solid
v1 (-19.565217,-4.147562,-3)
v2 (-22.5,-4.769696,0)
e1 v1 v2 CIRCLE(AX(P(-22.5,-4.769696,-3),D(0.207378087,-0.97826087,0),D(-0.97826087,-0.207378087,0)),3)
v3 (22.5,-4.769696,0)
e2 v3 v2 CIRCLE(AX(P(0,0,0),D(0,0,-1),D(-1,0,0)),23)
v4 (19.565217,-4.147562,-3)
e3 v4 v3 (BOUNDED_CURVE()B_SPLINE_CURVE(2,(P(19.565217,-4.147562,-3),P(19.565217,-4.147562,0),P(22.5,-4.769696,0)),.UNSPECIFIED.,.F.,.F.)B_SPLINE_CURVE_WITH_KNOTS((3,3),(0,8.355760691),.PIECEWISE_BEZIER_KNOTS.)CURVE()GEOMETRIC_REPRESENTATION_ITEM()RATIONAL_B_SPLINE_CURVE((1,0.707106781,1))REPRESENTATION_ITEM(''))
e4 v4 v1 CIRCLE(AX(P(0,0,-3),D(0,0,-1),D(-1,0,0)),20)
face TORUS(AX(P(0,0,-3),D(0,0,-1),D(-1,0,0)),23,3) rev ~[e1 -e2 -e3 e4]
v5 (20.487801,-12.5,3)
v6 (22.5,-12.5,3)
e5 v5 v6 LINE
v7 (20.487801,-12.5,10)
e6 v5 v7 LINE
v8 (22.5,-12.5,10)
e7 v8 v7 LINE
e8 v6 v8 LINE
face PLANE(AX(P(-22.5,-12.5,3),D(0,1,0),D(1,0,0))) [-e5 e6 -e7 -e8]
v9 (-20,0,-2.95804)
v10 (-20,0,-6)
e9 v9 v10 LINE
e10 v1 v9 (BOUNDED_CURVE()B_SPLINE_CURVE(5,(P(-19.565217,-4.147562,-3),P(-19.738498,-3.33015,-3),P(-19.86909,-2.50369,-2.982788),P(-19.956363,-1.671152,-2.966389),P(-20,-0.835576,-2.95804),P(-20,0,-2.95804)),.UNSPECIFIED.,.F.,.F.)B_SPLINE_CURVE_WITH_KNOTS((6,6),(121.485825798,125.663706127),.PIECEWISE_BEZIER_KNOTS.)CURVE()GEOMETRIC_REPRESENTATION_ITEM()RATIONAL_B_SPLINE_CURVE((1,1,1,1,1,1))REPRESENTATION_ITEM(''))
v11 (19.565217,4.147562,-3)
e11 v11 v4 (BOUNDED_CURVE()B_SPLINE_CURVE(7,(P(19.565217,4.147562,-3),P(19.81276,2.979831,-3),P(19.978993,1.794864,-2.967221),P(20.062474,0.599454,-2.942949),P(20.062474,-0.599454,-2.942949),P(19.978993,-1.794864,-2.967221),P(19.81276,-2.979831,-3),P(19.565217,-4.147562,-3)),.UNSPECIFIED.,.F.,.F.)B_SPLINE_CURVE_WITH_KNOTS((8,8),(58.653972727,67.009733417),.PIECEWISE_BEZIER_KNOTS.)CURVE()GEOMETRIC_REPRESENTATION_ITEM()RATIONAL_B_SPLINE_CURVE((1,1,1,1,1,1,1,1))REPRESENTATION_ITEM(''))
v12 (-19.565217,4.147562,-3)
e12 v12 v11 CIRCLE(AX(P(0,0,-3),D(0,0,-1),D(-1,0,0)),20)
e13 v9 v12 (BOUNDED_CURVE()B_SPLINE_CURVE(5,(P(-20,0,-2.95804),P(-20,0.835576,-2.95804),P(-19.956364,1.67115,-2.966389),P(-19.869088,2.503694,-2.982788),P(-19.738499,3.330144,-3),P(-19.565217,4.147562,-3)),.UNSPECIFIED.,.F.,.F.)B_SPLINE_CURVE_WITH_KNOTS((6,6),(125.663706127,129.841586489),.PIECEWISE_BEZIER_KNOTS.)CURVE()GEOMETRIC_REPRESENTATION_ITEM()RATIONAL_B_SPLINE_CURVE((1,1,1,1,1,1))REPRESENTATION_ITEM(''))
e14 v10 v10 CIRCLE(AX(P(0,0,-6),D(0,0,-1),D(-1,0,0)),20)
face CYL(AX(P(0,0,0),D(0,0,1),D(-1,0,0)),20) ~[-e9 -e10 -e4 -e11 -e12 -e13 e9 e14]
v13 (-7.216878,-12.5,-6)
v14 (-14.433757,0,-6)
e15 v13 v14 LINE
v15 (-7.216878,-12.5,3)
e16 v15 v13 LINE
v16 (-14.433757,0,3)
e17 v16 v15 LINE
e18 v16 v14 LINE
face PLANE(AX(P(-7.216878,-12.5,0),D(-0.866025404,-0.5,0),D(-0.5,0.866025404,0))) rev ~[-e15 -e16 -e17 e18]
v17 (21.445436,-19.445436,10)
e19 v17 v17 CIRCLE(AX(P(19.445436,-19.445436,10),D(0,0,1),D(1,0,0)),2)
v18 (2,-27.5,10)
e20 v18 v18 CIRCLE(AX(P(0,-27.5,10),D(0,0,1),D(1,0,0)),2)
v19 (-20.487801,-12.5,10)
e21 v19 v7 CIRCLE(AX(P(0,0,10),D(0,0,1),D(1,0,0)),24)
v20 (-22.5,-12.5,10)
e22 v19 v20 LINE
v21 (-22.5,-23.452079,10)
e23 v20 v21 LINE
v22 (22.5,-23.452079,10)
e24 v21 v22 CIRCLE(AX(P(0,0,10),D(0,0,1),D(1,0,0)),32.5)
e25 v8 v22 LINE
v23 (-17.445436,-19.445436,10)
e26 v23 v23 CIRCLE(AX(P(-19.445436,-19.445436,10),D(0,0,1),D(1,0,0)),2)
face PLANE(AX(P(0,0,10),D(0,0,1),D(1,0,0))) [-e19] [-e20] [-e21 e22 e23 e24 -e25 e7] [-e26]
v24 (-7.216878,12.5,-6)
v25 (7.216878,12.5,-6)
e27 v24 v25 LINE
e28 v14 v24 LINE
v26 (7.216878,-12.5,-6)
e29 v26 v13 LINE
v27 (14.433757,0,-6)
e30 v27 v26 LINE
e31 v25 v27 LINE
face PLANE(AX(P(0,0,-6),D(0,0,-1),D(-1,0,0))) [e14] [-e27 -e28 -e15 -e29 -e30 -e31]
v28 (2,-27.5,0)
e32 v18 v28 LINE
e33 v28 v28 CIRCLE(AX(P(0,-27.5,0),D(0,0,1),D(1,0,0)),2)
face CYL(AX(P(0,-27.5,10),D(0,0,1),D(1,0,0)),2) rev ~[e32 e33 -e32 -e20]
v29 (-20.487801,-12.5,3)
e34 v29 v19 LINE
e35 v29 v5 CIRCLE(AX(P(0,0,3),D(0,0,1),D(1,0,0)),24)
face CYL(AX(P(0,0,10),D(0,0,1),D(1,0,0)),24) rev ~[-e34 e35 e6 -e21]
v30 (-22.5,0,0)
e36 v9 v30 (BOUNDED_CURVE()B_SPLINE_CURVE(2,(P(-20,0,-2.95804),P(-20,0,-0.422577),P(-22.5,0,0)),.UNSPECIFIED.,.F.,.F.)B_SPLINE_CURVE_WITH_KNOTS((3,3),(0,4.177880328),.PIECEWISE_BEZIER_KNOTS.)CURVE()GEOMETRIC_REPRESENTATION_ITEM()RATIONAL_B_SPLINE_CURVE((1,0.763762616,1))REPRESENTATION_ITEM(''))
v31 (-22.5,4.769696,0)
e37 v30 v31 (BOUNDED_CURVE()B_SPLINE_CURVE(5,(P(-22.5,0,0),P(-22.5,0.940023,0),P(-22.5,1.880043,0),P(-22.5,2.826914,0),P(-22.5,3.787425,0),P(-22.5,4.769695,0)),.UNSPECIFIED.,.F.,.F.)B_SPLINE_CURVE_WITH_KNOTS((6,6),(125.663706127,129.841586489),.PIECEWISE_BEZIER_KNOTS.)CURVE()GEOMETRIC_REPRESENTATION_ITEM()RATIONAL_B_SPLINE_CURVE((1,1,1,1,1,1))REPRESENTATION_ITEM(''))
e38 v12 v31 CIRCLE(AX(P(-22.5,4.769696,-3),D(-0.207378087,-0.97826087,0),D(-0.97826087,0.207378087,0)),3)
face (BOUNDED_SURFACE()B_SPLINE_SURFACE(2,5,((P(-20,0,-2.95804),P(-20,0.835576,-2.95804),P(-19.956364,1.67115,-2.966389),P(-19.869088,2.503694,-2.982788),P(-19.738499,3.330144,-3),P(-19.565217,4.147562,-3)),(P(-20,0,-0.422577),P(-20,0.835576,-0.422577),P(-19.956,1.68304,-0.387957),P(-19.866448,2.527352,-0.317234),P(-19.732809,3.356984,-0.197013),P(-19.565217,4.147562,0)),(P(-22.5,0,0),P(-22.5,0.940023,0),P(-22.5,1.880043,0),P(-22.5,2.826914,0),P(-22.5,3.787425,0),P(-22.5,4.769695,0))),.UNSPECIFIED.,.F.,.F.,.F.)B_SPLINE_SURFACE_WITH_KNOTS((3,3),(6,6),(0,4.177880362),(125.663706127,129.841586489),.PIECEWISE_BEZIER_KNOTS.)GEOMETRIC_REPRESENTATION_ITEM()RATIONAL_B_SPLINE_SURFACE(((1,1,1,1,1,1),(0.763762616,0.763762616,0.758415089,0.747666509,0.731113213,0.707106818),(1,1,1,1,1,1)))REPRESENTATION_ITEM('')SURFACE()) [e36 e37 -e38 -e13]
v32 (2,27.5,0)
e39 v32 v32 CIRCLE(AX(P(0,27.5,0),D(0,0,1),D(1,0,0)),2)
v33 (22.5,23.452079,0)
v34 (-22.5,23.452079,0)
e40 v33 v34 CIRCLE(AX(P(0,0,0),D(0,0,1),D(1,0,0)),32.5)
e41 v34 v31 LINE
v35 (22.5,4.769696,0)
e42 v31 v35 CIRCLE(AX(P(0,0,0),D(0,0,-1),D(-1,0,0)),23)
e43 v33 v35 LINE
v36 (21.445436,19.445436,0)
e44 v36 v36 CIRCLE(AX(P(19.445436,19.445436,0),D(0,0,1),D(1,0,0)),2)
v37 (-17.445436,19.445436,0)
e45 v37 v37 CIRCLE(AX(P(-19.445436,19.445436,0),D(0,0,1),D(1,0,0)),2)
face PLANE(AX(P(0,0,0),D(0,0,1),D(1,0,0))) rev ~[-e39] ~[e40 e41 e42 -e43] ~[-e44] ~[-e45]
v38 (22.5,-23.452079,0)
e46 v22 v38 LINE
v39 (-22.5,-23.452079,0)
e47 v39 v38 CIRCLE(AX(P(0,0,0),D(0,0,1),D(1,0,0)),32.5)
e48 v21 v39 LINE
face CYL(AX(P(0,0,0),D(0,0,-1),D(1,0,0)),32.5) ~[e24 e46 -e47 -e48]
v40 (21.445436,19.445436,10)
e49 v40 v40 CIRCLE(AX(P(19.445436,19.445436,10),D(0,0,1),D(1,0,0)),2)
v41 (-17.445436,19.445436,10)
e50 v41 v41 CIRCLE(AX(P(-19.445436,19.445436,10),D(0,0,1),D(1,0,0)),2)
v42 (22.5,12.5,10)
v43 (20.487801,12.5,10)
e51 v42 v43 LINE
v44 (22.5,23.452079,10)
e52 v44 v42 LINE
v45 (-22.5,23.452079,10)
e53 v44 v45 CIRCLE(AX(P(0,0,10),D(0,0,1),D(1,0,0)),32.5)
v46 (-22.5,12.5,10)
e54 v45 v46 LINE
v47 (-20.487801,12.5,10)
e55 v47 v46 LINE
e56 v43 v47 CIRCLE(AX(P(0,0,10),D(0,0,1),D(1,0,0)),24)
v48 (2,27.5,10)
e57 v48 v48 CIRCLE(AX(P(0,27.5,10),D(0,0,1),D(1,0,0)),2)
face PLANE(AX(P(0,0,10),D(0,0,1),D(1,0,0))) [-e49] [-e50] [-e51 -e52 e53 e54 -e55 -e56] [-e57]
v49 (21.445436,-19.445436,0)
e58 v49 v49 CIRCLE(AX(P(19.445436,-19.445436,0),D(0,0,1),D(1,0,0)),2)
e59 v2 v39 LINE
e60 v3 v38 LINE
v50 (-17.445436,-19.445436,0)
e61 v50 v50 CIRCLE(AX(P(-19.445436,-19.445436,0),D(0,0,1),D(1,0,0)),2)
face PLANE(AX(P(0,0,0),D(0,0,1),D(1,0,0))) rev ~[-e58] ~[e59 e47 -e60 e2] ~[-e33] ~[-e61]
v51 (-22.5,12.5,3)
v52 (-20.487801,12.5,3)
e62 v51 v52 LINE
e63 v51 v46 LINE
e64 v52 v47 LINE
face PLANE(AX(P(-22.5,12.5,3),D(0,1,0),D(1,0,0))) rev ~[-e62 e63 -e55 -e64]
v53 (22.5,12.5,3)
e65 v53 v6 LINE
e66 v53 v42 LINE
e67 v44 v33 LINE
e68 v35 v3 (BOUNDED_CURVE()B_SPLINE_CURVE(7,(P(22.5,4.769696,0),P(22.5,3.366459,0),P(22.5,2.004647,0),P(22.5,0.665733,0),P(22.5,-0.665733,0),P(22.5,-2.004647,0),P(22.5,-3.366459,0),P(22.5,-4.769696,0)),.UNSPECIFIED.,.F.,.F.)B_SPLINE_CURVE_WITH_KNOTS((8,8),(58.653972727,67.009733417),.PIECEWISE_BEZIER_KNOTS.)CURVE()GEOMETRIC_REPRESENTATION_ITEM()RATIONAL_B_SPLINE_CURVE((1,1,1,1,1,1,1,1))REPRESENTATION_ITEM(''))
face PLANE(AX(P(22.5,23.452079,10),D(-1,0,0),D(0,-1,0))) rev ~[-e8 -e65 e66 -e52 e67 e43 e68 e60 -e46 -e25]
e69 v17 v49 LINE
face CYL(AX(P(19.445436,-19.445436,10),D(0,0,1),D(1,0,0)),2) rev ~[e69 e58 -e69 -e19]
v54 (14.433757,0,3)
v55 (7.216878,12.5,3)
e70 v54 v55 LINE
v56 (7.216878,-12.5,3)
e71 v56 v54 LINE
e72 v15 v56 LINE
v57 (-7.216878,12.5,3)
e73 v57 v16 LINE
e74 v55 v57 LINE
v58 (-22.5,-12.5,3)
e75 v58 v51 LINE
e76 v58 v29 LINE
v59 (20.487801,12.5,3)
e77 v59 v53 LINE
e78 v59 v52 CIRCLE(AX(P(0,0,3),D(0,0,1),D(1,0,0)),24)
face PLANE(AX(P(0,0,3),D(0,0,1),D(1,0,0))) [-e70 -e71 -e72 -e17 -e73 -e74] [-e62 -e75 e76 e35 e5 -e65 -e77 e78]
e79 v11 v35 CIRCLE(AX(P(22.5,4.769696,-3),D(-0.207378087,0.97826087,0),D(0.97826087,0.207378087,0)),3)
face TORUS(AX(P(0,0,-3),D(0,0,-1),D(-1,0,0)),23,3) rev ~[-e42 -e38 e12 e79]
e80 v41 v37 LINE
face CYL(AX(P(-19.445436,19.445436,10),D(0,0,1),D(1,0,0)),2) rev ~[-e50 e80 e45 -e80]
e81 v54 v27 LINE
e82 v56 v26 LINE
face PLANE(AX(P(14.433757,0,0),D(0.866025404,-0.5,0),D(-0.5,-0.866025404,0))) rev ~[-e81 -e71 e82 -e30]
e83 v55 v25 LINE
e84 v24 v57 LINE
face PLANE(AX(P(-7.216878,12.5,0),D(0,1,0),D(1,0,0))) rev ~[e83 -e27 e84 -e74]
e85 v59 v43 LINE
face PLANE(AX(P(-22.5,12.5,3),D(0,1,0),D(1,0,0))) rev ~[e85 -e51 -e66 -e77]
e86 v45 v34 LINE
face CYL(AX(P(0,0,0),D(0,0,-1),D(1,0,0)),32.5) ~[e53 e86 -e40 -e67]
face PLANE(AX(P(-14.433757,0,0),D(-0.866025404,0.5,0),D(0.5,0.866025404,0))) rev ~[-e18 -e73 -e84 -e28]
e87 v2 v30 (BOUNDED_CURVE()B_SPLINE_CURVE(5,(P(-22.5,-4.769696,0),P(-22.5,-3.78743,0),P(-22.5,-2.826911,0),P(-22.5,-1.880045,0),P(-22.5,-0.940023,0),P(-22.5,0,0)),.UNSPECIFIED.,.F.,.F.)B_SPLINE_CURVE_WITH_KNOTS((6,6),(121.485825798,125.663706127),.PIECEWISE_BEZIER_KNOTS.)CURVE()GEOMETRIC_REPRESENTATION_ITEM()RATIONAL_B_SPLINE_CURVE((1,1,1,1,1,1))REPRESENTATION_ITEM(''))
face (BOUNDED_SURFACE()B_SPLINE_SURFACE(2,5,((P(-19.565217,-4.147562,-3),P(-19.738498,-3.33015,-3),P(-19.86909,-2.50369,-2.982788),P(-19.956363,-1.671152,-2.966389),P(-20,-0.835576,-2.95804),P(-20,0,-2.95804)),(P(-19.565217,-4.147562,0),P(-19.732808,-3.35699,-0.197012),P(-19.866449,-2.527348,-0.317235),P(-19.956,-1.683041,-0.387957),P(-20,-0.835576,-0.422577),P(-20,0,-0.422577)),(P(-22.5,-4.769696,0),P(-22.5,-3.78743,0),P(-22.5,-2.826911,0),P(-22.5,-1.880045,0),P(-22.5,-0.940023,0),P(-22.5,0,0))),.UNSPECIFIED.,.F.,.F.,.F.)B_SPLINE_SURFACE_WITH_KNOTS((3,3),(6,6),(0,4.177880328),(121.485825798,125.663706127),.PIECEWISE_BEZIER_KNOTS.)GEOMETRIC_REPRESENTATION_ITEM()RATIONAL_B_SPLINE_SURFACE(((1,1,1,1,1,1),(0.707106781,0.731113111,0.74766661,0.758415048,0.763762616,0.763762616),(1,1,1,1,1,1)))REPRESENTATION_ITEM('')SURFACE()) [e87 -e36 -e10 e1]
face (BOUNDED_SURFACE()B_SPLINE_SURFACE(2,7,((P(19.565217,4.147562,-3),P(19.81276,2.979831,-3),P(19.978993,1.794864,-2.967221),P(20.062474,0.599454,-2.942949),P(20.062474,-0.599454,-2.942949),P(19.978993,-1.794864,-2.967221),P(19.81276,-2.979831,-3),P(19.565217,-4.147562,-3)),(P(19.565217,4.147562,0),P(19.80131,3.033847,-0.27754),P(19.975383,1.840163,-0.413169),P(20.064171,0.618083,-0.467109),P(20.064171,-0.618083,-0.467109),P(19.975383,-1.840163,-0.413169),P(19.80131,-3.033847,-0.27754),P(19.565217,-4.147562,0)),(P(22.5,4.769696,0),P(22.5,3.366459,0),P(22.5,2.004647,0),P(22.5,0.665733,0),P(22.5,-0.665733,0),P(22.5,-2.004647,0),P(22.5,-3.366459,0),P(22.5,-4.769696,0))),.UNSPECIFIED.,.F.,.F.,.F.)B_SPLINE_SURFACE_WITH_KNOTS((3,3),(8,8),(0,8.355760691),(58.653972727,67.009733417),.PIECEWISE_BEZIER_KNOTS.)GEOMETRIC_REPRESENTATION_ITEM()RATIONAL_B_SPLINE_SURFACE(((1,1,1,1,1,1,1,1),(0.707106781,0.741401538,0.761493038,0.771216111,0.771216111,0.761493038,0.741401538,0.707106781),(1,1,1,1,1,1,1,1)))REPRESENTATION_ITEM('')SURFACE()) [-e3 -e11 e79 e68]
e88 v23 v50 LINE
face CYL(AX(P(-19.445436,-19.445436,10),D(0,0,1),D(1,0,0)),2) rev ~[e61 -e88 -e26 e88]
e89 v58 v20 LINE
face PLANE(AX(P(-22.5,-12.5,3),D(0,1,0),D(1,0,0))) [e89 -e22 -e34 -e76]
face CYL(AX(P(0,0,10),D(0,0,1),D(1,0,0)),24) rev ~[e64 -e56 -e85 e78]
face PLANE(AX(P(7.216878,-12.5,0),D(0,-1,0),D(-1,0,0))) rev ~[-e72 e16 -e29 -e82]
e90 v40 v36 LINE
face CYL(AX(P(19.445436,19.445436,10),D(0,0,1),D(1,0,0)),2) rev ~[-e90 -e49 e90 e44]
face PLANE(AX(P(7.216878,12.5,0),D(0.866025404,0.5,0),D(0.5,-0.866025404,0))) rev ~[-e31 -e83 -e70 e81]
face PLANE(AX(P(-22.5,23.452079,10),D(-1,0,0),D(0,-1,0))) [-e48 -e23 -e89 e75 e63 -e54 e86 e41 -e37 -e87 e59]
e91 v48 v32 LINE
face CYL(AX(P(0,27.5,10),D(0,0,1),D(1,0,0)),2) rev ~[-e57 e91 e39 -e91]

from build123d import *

# Parameters (mm, degrees)
SKETCH1_R           = 32.5
BOSS_EXTRUDE1_DEPTH = 10
CUT_EXTRUDE1_DEPTH  = 5
SKETCH3_R           = 2
CUT_EXTRUDE2_DEPTH  = 11
SKETCH4_R           = 20
BOSS_EXTRUDE2_DEPTH = 6
CUT_EXTRUDE3_DEPTH  = 17
SKETCH6_R           = 24
CUT_EXTRUDE5_DEPTH  = 7
CUT_EXTRUDE6_DEPTH  = 11
SKETCH8_W           = 45
SKETCH8_H           = 25
CUT_EXTRUDE7_DEPTH  = 8
FILLET1_R           = 3


with BuildPart() as part:
    # Sketch1 → Boss-Extrude1 (new body)
    with BuildSketch(Plane.XY):
        Circle(SKETCH1_R)
    extrude(amount=BOSS_EXTRUDE1_DEPTH)

    # Sketch2 → Cut-Extrude1 (cut)
    with BuildSketch(Plane.XY.offset(10)):
        Polygon((14.43375673, 0), (7.216878365, 12.5), (-7.216878365, 12.5), (-14.43375673, 0), (-7.216878365, -12.5), (7.216878365, -12.5), align=None)
    extrude(amount=-CUT_EXTRUDE1_DEPTH, mode=Mode.SUBTRACT)

    # Sketch3 → Cut-Extrude2 (cut, through all)
    with BuildSketch(Plane.XY.offset(10)):
        with Locations((0, 27.5)):
            Circle(SKETCH3_R)
        with Locations((19.445436483, 19.445436483)):
            Circle(SKETCH3_R)
        with Locations((27.5, 0)):
            Circle(SKETCH3_R)
        with Locations((19.445436483, -19.445436483)):
            Circle(SKETCH3_R)
        with Locations((0, -27.5)):
            Circle(SKETCH3_R)
        with Locations((-19.445436483, -19.445436483)):
            Circle(SKETCH3_R)
        with Locations((-27.5, 0)):
            Circle(SKETCH3_R)
        with Locations((-19.445436483, 19.445436483)):
            Circle(SKETCH3_R)
    extrude(amount=-CUT_EXTRUDE2_DEPTH, mode=Mode.SUBTRACT)

    # Sketch4 → Boss-Extrude2 (add)
    with BuildSketch(Plane(origin=(0, 0, 0), x_dir=(-1, 0, 0), z_dir=(0, 0, -1))):
        Circle(SKETCH4_R)
        Polygon((14.43375673, 0), (7.216878365, 12.5), (-7.216878365, 12.5), (-14.43375673, 0), (-7.216878365, -12.5), (7.216878365, -12.5), align=None, mode=Mode.SUBTRACT)
    extrude(amount=BOSS_EXTRUDE2_DEPTH)

    # Sketch5 → Cut-Extrude3 (cut, through all)
    with BuildSketch(Plane.XY.offset(10)):
        with BuildLine():
            Line((22.5, 23.452078799), (22.5, -23.452078799))
            ThreePointArc((22.5, -23.452078799), (32.5, 0), (22.5, 23.452078799))
        make_face()
        with BuildLine():
            Line((-22.5, 23.452078799), (-22.5, -23.452078799))
            ThreePointArc((-22.5, -23.452078799), (-32.5, 0), (-22.5, 23.452078799))
        make_face()
    extrude(amount=-CUT_EXTRUDE3_DEPTH, mode=Mode.SUBTRACT)

    # Sketch6 → Cut-Extrude5 (cut)
    with BuildSketch(Plane.XY.offset(10)):
        Circle(SKETCH6_R)
    extrude(amount=-CUT_EXTRUDE5_DEPTH, mode=Mode.SUBTRACT)

    # Sketch7 → Cut-Extrude6 (cut, through all)
    with BuildSketch(Plane(origin=(0, 0, 0), x_dir=(-1, 0, 0), z_dir=(0, 0, -1))):
        Polygon((14.43375673, 0), (7.216878365, 12.5), (-7.216878365, 12.5), (-14.43375673, 0), (-7.216878365, -12.5), (7.216878365, -12.5), align=None)
    extrude(amount=-CUT_EXTRUDE6_DEPTH, mode=Mode.SUBTRACT)

    # Sketch8 → Cut-Extrude7 (cut, through all)
    with BuildSketch(Plane.XY.offset(3)):
        Rectangle(SKETCH8_W, SKETCH8_H)
    extrude(amount=CUT_EXTRUDE7_DEPTH, mode=Mode.SUBTRACT)

    # Fillet1
    fillet1_edges = [part.edges().sort_by_distance(p)[0] for p in [
        (20, 0, 0),
    ]]
    fillet(fillet1_edges, radius=FILLET1_R)


solid = part.part
